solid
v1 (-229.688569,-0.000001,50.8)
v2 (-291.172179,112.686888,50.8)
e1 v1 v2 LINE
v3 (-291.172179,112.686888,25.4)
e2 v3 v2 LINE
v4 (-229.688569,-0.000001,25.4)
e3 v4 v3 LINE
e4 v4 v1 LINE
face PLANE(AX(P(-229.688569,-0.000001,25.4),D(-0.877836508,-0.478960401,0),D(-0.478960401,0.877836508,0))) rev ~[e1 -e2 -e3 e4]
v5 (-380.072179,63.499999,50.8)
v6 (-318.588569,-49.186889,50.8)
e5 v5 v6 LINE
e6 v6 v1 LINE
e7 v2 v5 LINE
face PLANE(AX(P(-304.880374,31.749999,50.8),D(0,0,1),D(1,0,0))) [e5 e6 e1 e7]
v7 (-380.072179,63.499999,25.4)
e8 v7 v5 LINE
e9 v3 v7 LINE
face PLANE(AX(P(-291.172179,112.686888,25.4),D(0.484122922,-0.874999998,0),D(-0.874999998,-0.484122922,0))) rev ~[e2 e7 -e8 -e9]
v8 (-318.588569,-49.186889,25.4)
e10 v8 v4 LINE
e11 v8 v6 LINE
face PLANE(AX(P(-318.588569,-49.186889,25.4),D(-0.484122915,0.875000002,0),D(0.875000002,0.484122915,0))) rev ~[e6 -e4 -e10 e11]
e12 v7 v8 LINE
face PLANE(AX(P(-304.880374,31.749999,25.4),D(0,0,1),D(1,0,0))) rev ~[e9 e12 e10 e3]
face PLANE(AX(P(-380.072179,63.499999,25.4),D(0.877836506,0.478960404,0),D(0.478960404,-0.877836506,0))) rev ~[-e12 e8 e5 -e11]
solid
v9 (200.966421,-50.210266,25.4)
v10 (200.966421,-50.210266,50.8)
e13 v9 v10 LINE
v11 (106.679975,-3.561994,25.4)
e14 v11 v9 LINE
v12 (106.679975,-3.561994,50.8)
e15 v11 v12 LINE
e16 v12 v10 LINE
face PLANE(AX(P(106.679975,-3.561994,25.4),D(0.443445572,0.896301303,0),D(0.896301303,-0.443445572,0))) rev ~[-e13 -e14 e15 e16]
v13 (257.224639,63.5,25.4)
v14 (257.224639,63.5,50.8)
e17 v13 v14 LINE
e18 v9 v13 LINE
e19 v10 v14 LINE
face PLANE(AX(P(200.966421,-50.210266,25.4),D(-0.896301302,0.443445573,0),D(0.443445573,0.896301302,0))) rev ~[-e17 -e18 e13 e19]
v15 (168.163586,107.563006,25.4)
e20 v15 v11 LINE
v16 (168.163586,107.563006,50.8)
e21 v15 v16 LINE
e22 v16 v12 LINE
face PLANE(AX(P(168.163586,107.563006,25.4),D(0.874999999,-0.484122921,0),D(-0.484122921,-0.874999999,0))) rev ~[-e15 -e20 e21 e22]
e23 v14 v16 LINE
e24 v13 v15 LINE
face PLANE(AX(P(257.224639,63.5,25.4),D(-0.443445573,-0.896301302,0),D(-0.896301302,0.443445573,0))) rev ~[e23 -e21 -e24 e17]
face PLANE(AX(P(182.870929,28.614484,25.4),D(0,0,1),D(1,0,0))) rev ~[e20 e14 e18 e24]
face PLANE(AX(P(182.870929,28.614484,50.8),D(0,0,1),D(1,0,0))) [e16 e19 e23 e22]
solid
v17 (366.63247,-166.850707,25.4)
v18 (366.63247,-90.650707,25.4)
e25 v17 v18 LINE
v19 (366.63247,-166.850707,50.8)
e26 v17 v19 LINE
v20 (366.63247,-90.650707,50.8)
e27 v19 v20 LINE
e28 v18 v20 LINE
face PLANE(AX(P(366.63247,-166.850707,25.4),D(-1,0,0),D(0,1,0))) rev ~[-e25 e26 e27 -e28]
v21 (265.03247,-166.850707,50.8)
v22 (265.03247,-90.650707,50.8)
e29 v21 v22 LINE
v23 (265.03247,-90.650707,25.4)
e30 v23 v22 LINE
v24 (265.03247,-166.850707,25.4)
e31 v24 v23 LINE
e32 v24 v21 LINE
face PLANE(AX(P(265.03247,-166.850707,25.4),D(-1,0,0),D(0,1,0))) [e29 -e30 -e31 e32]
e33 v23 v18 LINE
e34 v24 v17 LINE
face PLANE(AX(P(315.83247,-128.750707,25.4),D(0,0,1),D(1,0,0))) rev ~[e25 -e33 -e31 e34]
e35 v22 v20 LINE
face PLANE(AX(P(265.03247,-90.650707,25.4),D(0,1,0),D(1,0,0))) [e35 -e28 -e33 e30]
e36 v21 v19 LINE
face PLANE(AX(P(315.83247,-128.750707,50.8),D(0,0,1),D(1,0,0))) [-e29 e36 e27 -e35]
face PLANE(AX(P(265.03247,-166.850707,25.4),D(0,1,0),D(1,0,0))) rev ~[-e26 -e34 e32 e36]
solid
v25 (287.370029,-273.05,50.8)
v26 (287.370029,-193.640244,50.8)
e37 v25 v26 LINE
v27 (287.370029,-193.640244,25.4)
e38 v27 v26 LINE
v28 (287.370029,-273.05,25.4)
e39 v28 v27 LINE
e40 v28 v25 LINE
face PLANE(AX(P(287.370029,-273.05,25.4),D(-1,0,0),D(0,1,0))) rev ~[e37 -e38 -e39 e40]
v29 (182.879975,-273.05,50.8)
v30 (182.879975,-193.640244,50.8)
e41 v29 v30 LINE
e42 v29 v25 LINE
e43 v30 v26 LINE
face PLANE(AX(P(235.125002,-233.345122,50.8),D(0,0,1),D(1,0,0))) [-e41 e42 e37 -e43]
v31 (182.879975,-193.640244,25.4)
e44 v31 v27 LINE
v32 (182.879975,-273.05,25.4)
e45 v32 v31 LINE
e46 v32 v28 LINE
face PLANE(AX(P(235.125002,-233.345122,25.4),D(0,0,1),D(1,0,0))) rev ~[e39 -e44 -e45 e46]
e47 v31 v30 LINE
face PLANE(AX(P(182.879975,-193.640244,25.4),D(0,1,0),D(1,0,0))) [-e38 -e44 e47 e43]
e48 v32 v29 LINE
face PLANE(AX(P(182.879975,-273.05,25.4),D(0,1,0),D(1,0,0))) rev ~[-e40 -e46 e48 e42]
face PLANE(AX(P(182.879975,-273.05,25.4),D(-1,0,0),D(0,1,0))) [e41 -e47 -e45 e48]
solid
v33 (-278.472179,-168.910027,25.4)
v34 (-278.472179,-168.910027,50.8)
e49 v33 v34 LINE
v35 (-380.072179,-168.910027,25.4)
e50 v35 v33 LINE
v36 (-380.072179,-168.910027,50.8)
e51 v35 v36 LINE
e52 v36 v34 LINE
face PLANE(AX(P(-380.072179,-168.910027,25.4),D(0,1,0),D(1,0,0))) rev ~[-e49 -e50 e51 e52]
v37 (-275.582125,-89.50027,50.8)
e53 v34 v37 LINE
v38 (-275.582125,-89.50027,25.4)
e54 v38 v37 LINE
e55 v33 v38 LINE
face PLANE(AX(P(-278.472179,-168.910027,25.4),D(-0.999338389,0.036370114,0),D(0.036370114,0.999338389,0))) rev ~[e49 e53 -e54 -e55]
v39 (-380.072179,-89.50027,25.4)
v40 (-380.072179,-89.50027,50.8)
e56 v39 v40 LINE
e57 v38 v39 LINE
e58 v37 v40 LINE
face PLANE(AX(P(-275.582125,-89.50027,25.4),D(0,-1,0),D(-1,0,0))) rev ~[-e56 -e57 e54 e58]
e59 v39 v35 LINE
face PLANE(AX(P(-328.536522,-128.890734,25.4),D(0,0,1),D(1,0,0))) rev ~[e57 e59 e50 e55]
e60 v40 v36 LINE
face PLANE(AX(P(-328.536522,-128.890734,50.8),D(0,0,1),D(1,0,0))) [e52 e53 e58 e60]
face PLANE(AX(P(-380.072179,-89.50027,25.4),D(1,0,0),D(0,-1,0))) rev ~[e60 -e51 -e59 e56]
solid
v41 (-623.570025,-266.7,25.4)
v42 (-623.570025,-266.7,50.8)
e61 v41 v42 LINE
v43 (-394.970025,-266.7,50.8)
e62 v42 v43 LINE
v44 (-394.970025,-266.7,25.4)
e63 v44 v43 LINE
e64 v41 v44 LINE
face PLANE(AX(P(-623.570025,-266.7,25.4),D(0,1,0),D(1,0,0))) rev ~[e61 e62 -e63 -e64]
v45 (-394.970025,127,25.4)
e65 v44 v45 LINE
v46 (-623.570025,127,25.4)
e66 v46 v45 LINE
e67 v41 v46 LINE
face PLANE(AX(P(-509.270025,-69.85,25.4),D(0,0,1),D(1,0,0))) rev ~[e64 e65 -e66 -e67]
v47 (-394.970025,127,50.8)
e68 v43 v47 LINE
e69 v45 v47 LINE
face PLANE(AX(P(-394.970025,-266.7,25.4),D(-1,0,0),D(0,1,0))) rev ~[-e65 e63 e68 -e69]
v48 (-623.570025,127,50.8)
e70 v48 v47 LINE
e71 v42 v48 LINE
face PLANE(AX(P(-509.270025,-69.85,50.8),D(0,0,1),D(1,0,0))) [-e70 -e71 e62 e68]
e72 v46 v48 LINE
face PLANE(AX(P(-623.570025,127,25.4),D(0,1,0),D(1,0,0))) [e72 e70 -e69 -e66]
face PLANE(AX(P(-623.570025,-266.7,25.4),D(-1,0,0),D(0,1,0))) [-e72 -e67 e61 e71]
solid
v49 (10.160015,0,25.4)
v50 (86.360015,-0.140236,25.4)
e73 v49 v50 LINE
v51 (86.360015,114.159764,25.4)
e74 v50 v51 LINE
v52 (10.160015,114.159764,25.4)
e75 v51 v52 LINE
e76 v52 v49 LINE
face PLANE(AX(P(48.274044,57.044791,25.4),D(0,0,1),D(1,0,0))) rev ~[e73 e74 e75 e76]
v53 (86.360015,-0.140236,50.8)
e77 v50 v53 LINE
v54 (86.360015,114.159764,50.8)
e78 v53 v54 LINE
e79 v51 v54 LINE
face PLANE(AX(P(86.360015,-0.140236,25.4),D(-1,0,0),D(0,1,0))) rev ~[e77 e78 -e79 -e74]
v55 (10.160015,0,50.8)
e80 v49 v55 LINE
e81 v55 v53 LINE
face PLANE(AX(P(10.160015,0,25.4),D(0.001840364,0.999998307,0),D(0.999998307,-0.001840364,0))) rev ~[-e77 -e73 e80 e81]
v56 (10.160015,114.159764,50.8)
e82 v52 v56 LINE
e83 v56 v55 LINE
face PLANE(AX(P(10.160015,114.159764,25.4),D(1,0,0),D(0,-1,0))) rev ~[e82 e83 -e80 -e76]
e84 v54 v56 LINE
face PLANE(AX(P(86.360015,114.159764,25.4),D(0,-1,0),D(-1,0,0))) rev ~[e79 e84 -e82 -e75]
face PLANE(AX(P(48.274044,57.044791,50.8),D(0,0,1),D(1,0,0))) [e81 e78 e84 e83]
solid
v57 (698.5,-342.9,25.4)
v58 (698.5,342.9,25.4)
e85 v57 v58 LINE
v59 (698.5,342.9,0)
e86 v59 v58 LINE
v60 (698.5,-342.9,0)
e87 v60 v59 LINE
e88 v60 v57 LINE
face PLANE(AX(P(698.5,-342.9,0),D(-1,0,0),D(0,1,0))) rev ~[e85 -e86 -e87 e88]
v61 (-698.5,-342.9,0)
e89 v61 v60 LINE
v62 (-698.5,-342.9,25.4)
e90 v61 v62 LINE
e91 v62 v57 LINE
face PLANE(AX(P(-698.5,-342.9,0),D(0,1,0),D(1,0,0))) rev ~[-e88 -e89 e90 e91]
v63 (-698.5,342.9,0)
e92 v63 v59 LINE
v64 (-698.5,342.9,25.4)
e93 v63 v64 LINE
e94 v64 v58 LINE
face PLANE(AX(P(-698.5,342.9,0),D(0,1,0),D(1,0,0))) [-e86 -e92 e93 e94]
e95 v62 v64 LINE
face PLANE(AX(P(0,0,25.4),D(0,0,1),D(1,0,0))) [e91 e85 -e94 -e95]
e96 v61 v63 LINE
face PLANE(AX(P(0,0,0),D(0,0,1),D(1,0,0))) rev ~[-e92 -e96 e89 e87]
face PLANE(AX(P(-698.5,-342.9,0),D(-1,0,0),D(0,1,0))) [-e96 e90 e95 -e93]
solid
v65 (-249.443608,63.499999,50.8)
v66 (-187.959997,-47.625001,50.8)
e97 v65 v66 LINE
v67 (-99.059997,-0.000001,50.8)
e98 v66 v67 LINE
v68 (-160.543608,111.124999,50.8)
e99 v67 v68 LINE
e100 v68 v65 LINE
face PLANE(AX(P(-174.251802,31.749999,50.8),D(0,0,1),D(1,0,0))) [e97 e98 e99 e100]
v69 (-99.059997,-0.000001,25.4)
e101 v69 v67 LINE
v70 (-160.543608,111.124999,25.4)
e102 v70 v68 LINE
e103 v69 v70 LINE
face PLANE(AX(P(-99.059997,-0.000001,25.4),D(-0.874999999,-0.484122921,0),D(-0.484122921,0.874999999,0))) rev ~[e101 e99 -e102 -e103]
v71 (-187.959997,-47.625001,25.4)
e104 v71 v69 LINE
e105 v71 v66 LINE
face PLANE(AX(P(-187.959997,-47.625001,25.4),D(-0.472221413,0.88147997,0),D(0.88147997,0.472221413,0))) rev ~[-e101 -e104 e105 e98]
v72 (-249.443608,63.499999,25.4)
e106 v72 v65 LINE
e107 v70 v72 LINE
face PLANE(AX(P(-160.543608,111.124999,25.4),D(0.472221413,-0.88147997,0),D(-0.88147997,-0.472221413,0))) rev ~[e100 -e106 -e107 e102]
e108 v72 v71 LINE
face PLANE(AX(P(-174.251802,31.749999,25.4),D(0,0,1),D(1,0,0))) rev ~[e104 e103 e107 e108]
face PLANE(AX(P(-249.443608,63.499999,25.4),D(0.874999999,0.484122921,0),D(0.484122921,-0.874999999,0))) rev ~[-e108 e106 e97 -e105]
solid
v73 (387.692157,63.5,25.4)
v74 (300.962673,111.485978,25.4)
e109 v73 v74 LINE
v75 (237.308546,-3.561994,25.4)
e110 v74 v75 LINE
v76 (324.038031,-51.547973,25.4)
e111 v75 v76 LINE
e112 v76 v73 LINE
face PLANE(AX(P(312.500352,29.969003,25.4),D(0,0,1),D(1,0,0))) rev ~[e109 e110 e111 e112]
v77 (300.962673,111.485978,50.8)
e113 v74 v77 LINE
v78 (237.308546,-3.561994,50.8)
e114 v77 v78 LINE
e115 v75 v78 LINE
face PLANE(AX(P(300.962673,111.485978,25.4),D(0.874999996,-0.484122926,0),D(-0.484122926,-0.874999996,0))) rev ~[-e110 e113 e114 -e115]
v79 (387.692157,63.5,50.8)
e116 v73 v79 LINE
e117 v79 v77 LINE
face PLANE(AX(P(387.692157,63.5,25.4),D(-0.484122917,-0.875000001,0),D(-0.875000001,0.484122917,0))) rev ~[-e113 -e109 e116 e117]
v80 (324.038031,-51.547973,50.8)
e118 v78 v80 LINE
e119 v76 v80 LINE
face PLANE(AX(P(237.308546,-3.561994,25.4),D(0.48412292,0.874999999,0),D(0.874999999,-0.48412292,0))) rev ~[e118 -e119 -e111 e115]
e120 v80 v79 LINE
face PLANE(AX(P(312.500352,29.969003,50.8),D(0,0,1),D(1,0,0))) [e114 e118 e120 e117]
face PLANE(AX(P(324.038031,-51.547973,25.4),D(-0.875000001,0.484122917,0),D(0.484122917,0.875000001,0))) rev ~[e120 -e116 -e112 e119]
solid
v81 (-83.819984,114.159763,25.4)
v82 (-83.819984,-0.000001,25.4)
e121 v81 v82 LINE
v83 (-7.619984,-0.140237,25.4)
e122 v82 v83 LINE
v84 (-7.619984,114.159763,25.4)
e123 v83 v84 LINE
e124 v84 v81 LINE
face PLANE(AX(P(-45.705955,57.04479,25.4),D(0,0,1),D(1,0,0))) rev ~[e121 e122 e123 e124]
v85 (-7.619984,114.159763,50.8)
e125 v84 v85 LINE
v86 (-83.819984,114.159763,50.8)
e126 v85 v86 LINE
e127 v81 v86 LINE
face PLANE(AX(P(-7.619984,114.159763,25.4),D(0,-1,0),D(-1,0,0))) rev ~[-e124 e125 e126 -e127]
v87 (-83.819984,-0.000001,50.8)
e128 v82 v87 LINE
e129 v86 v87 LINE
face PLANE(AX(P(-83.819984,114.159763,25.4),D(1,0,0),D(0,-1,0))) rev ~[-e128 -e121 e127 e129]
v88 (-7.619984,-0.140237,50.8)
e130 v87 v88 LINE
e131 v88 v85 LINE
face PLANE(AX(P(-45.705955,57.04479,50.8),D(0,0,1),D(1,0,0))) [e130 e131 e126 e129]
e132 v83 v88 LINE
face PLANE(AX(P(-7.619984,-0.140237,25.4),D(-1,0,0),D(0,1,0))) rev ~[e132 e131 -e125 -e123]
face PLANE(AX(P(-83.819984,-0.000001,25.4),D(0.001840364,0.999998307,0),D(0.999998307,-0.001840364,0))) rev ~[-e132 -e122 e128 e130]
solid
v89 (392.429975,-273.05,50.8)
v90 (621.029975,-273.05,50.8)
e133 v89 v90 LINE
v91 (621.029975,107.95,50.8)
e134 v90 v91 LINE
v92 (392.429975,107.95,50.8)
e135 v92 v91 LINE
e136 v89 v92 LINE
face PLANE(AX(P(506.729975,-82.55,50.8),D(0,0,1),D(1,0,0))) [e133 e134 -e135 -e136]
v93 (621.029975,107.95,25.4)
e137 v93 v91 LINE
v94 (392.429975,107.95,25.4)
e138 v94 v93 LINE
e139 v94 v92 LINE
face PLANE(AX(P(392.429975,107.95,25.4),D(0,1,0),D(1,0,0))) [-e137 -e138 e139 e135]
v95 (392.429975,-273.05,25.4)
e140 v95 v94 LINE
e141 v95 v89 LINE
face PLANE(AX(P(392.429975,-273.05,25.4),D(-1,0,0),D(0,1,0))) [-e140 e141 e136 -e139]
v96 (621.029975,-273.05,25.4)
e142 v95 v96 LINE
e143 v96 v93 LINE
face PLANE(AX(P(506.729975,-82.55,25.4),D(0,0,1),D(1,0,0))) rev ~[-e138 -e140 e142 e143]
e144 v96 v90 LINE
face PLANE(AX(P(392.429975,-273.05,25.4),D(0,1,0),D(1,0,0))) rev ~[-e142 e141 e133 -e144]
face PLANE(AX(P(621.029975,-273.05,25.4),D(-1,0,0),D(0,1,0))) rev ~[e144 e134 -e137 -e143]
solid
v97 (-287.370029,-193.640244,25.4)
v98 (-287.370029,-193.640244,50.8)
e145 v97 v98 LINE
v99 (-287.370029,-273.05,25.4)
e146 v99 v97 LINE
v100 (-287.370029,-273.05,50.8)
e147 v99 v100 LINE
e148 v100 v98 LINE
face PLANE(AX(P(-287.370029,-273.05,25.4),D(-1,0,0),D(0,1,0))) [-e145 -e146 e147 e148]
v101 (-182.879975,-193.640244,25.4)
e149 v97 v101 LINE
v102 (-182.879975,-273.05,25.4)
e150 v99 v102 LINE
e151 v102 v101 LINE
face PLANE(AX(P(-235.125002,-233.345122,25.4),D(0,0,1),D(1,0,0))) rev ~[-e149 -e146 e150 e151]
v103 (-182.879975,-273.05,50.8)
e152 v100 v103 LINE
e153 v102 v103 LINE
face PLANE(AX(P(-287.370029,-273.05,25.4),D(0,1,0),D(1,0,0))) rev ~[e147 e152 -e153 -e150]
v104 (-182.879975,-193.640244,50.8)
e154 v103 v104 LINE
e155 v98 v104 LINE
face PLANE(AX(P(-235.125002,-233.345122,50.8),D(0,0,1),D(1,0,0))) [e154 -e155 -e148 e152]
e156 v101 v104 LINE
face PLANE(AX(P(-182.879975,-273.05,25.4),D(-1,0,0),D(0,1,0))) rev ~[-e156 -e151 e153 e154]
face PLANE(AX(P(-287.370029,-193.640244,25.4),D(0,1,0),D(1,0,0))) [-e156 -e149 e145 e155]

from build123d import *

# Parameters (mm, degrees)
F0_W     = 1397
F0_H     = 685.8
F1_DEPTH = 25.4
F2_W     = 228.6
F2_H     = 393.7
F2_H_2   = 381
F2_W_2   = 104.490054
F2_H_3   = 79.409756
F2_W_3   = 101.6
F2_H_4   = 76.2
F3_DEPTH = 25.4


with BuildPart() as f1:
    # F0 (on Top) → F1 (new body)
    with BuildSketch(Plane.XY):
        Rectangle(F0_W, F0_H)
    extrude(amount=F1_DEPTH)


with BuildPart() as f3:
    # F2 (on face) → F3 (new body)
    with BuildSketch(Plane.XY.offset(25.4)):
        with Locations((-509.270025, -69.85)):
            Rectangle(F2_W, F2_H)
        with Locations((506.729975, -82.55)):
            Rectangle(F2_W, F2_H_2)
        with Locations((235.125002, -233.345122)):
            Rectangle(F2_W_2, F2_H_3)
        Polygon((168.163586, 107.563006), (106.679975, -3.561994), (200.966421, -50.210266), (257.224639, 63.5), align=None)
        Polygon((300.962673, 111.485978), (237.308546, -3.561994), (324.038031, -51.547973), (387.692157, 63.5), align=None)
        Polygon((-99.059997, -1e-06), (-160.543608, 111.124999), (-249.443608, 63.499999), (-187.959997, -47.625001), align=None)
        Polygon((-229.688569, -1e-06), (-291.172179, 112.686888), (-380.072179, 63.499999), (-318.588569, -49.186889), align=None)
        Polygon((-83.819984, 114.159763), (-83.819984, -1e-06), (-7.619984, -0.140237), (-7.619984, 114.159763), align=None)
        Polygon((10.160015, 114.159764), (10.160015, 0), (86.360015, -0.140236), (86.360015, 114.159764), align=None)
        with Locations((-235.125002, -233.345122)):
            Rectangle(F2_W_2, F2_H_3)
        Polygon((-278.472179, -168.910027), (-275.582125, -89.50027), (-380.072179, -89.50027), (-380.072179, -168.910027), align=None)
        with Locations((315.83247, -128.750707)):
            Rectangle(F2_W_3, F2_H_4)
    extrude(amount=F3_DEPTH)


solid = Compound([f1.part, f3.part])
